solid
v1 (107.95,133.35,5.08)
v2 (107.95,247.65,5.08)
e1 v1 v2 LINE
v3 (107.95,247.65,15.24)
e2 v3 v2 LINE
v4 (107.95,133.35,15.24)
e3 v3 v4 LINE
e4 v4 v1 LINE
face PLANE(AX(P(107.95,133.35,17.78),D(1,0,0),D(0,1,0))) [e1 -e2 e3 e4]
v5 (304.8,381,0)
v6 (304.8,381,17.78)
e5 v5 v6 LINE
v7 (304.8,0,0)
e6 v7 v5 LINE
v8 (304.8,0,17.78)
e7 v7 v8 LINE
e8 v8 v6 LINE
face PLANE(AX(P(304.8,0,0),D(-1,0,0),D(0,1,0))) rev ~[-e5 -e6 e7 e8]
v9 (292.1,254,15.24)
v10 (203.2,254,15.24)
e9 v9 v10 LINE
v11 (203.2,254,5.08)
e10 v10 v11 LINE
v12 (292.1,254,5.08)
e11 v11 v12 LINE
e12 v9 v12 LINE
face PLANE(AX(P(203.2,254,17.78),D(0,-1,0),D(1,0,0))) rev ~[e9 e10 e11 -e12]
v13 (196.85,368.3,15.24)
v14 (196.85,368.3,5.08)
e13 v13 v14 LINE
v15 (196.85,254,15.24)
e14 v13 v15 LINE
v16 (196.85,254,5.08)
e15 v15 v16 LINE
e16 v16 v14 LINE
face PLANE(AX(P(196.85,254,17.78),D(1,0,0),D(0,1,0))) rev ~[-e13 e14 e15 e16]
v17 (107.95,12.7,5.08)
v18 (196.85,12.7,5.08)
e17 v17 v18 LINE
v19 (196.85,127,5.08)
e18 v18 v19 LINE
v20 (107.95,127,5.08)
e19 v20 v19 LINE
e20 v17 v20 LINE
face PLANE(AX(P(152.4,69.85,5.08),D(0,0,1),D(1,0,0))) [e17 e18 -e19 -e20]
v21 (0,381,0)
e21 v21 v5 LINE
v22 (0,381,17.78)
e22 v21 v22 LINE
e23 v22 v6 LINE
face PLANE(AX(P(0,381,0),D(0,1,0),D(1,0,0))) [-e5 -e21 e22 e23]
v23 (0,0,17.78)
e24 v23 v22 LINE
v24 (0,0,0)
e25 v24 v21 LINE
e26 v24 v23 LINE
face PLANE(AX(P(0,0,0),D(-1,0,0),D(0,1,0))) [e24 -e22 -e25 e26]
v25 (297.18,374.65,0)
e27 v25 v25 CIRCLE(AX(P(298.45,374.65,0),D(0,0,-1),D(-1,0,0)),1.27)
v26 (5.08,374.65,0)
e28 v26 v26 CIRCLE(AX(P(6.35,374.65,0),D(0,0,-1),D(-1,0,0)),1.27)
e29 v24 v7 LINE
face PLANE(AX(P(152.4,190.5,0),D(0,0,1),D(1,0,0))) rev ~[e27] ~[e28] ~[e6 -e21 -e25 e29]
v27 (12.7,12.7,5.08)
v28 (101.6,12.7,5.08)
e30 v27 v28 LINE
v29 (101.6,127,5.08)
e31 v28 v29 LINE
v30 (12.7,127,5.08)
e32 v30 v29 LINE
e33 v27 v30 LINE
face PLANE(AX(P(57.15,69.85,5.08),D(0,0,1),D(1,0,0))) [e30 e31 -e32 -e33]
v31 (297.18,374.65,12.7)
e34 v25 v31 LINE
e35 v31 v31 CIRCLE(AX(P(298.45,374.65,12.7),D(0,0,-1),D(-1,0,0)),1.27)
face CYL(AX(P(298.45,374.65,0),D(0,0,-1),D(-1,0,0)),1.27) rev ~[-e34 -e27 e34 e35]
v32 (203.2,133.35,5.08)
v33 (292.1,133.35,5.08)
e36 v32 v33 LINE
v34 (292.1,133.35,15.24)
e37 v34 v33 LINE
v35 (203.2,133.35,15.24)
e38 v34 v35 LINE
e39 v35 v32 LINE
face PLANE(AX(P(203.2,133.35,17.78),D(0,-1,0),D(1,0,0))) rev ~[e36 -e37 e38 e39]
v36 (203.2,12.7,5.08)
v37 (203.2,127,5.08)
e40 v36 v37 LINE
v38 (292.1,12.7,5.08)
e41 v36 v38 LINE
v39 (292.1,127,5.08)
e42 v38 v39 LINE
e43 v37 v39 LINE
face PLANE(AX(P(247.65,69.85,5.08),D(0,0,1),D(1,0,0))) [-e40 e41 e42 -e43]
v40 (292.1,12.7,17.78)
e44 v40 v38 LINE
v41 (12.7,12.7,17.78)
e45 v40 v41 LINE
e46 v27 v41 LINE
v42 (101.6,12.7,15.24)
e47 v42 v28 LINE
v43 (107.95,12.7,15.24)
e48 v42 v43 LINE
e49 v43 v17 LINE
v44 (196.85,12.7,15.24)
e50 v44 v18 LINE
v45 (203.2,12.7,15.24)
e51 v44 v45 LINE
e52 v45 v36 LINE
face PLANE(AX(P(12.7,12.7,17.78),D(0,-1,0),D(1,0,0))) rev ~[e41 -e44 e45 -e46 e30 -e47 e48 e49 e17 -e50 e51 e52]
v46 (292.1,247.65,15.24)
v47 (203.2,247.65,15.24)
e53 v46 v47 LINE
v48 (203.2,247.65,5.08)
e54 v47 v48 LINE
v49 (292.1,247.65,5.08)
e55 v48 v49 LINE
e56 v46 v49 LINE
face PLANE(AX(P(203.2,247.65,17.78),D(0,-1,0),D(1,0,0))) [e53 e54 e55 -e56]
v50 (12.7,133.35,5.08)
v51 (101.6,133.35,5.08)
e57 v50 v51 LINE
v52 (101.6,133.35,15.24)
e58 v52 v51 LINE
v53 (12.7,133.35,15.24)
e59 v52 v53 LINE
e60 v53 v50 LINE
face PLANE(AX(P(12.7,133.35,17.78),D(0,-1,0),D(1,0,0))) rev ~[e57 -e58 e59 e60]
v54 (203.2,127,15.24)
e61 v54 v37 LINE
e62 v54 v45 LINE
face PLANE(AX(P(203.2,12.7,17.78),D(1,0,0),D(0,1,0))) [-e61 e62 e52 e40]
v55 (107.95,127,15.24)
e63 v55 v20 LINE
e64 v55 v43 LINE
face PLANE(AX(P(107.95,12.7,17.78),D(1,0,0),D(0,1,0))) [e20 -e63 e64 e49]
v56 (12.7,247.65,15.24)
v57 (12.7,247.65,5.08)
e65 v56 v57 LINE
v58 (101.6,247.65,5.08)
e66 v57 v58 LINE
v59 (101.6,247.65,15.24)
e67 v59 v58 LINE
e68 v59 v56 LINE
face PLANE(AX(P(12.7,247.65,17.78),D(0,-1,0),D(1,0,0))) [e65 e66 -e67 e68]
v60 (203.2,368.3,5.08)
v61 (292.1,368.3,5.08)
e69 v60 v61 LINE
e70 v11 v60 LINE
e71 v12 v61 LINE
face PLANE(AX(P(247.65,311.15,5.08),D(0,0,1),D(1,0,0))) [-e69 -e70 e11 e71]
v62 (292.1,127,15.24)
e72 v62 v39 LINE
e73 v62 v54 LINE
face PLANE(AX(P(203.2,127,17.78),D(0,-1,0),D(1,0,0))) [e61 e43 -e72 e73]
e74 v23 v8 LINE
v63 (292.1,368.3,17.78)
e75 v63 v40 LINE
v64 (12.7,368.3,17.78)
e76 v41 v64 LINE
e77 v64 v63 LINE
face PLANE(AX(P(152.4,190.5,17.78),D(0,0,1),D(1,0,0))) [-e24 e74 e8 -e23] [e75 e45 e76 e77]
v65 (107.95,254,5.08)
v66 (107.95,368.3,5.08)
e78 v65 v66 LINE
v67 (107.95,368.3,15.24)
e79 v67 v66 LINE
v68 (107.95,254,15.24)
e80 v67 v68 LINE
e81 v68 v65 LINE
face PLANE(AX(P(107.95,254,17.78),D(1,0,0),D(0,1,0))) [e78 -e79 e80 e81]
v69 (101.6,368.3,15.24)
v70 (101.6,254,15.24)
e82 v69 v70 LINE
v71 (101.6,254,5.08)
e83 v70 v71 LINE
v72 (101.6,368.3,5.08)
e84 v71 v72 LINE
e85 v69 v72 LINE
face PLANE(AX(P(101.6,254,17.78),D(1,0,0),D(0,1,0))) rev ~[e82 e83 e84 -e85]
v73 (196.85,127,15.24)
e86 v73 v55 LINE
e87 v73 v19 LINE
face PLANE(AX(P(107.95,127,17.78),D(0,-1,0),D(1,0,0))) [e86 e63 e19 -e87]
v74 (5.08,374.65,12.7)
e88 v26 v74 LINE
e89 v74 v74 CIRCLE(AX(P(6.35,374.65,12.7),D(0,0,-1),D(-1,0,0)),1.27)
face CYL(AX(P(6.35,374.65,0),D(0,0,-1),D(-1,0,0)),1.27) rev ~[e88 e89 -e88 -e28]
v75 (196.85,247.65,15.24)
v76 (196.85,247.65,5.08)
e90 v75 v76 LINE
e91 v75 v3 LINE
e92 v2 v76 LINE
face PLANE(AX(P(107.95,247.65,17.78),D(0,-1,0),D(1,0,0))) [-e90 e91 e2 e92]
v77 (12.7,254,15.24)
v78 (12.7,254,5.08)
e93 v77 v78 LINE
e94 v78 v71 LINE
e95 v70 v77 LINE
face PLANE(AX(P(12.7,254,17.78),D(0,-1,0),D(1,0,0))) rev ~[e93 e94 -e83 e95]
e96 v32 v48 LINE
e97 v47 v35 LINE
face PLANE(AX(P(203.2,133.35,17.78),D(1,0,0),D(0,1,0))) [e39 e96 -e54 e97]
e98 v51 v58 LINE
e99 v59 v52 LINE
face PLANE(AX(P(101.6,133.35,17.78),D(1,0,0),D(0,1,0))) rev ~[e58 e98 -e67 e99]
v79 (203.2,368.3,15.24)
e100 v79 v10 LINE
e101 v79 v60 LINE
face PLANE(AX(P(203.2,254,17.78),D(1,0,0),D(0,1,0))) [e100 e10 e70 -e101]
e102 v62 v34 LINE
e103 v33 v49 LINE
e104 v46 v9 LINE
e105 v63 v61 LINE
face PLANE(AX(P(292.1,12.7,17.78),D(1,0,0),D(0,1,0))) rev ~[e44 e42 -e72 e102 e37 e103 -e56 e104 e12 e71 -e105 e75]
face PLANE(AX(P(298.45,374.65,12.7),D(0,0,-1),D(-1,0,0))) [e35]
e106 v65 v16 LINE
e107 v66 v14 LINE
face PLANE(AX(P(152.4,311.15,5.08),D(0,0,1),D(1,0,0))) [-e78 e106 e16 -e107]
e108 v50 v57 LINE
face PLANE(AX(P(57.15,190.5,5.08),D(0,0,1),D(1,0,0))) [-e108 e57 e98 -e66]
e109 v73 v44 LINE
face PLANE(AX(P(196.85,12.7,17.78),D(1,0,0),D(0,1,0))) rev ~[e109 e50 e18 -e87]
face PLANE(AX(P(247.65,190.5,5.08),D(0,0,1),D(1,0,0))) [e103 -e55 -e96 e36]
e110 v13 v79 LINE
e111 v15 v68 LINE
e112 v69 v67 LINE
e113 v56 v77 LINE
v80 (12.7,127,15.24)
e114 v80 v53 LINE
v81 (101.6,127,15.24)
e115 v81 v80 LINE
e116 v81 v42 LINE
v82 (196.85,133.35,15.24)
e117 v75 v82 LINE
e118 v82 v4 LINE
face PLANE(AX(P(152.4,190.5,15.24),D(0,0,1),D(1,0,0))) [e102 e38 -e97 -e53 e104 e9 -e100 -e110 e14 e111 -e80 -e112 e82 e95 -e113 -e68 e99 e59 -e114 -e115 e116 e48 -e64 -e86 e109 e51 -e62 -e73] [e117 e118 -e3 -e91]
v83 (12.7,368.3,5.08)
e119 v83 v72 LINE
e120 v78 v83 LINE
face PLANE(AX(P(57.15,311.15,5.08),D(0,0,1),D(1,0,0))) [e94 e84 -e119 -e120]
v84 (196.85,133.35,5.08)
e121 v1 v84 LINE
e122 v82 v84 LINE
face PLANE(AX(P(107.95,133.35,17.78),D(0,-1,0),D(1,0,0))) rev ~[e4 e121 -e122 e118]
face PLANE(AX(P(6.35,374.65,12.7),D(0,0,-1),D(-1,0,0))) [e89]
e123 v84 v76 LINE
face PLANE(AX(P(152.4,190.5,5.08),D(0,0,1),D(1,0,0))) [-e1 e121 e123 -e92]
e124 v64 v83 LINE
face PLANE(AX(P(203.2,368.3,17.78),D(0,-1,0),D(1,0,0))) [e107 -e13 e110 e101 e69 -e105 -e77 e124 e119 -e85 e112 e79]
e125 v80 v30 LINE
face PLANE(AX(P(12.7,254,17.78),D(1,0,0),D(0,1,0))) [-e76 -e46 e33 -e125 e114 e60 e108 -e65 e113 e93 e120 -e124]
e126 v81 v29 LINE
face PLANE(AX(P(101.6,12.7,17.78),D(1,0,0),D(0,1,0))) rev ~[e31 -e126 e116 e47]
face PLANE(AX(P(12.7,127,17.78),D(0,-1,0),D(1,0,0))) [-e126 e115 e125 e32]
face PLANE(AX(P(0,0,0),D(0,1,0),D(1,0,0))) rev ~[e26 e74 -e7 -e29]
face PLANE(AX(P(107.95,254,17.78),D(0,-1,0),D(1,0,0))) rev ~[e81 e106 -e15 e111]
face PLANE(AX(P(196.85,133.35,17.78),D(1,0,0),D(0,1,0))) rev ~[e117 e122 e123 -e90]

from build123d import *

# Parameters (mm, degrees)
SKETCH1_W           = 304.8
SKETCH1_H           = 381
BOSS_EXTRUDE1_DEPTH = 17.78
SKETCH2_W           = 88.9
SKETCH2_H           = 114.3
CUT_EXTRUDE1_DEPTH  = 12.7
SKETCH3_W           = 279.4
SKETCH3_H           = 355.6
CUT_EXTRUDE2_DEPTH  = 2.54
SKETCH4_R           = 1.27
CUT_EXTRUDE3_DEPTH  = 12.7


with BuildPart() as part:
    # Sketch1 → Boss-Extrude1 (new body)
    with BuildSketch(Plane.XY):
        with Locations((152.4, 190.5)):
            Rectangle(SKETCH1_W, SKETCH1_H)
    extrude(amount=BOSS_EXTRUDE1_DEPTH)

    # Sketch2 → Cut-Extrude1 (cut)
    with BuildSketch(Plane.XY.offset(17.78)):
        with Locations((57.15, 69.85)):
            Rectangle(SKETCH2_W, SKETCH2_H)
        with Locations((152.4, 311.15)):
            Rectangle(SKETCH2_W, SKETCH2_H)
        with Locations((57.15, 311.15)):
            Rectangle(SKETCH2_W, SKETCH2_H)
        with Locations((247.65, 311.15)):
            Rectangle(SKETCH2_W, SKETCH2_H)
        with Locations((57.15, 190.5)):
            Rectangle(SKETCH2_W, SKETCH2_H)
        with Locations((152.4, 190.5)):
            Rectangle(SKETCH2_W, SKETCH2_H)
        with Locations((247.65, 190.5)):
            Rectangle(SKETCH2_W, SKETCH2_H)
        with Locations((152.4, 69.85)):
            Rectangle(SKETCH2_W, SKETCH2_H)
        with Locations((247.65, 69.85)):
            Rectangle(SKETCH2_W, SKETCH2_H)
    extrude(amount=-CUT_EXTRUDE1_DEPTH, mode=Mode.SUBTRACT)

    # Sketch3 → Cut-Extrude2 (cut)
    with BuildSketch(Plane.XY.offset(17.78)):
        with Locations((152.4, 190.5)):
            Rectangle(SKETCH3_W, SKETCH3_H)
    extrude(amount=-CUT_EXTRUDE2_DEPTH, mode=Mode.SUBTRACT)

    # Sketch4 → Cut-Extrude3 (cut)
    with BuildSketch(Plane(origin=(0, 0, 0), x_dir=(-1, 0, 0), z_dir=(0, 0, -1))):
        with Locations((-6.35, 374.65)):
            Circle(SKETCH4_R)
        with Locations((-298.45, 374.65)):
            Circle(SKETCH4_R)
    extrude(amount=-CUT_EXTRUDE3_DEPTH, mode=Mode.SUBTRACT)


solid = part.part
